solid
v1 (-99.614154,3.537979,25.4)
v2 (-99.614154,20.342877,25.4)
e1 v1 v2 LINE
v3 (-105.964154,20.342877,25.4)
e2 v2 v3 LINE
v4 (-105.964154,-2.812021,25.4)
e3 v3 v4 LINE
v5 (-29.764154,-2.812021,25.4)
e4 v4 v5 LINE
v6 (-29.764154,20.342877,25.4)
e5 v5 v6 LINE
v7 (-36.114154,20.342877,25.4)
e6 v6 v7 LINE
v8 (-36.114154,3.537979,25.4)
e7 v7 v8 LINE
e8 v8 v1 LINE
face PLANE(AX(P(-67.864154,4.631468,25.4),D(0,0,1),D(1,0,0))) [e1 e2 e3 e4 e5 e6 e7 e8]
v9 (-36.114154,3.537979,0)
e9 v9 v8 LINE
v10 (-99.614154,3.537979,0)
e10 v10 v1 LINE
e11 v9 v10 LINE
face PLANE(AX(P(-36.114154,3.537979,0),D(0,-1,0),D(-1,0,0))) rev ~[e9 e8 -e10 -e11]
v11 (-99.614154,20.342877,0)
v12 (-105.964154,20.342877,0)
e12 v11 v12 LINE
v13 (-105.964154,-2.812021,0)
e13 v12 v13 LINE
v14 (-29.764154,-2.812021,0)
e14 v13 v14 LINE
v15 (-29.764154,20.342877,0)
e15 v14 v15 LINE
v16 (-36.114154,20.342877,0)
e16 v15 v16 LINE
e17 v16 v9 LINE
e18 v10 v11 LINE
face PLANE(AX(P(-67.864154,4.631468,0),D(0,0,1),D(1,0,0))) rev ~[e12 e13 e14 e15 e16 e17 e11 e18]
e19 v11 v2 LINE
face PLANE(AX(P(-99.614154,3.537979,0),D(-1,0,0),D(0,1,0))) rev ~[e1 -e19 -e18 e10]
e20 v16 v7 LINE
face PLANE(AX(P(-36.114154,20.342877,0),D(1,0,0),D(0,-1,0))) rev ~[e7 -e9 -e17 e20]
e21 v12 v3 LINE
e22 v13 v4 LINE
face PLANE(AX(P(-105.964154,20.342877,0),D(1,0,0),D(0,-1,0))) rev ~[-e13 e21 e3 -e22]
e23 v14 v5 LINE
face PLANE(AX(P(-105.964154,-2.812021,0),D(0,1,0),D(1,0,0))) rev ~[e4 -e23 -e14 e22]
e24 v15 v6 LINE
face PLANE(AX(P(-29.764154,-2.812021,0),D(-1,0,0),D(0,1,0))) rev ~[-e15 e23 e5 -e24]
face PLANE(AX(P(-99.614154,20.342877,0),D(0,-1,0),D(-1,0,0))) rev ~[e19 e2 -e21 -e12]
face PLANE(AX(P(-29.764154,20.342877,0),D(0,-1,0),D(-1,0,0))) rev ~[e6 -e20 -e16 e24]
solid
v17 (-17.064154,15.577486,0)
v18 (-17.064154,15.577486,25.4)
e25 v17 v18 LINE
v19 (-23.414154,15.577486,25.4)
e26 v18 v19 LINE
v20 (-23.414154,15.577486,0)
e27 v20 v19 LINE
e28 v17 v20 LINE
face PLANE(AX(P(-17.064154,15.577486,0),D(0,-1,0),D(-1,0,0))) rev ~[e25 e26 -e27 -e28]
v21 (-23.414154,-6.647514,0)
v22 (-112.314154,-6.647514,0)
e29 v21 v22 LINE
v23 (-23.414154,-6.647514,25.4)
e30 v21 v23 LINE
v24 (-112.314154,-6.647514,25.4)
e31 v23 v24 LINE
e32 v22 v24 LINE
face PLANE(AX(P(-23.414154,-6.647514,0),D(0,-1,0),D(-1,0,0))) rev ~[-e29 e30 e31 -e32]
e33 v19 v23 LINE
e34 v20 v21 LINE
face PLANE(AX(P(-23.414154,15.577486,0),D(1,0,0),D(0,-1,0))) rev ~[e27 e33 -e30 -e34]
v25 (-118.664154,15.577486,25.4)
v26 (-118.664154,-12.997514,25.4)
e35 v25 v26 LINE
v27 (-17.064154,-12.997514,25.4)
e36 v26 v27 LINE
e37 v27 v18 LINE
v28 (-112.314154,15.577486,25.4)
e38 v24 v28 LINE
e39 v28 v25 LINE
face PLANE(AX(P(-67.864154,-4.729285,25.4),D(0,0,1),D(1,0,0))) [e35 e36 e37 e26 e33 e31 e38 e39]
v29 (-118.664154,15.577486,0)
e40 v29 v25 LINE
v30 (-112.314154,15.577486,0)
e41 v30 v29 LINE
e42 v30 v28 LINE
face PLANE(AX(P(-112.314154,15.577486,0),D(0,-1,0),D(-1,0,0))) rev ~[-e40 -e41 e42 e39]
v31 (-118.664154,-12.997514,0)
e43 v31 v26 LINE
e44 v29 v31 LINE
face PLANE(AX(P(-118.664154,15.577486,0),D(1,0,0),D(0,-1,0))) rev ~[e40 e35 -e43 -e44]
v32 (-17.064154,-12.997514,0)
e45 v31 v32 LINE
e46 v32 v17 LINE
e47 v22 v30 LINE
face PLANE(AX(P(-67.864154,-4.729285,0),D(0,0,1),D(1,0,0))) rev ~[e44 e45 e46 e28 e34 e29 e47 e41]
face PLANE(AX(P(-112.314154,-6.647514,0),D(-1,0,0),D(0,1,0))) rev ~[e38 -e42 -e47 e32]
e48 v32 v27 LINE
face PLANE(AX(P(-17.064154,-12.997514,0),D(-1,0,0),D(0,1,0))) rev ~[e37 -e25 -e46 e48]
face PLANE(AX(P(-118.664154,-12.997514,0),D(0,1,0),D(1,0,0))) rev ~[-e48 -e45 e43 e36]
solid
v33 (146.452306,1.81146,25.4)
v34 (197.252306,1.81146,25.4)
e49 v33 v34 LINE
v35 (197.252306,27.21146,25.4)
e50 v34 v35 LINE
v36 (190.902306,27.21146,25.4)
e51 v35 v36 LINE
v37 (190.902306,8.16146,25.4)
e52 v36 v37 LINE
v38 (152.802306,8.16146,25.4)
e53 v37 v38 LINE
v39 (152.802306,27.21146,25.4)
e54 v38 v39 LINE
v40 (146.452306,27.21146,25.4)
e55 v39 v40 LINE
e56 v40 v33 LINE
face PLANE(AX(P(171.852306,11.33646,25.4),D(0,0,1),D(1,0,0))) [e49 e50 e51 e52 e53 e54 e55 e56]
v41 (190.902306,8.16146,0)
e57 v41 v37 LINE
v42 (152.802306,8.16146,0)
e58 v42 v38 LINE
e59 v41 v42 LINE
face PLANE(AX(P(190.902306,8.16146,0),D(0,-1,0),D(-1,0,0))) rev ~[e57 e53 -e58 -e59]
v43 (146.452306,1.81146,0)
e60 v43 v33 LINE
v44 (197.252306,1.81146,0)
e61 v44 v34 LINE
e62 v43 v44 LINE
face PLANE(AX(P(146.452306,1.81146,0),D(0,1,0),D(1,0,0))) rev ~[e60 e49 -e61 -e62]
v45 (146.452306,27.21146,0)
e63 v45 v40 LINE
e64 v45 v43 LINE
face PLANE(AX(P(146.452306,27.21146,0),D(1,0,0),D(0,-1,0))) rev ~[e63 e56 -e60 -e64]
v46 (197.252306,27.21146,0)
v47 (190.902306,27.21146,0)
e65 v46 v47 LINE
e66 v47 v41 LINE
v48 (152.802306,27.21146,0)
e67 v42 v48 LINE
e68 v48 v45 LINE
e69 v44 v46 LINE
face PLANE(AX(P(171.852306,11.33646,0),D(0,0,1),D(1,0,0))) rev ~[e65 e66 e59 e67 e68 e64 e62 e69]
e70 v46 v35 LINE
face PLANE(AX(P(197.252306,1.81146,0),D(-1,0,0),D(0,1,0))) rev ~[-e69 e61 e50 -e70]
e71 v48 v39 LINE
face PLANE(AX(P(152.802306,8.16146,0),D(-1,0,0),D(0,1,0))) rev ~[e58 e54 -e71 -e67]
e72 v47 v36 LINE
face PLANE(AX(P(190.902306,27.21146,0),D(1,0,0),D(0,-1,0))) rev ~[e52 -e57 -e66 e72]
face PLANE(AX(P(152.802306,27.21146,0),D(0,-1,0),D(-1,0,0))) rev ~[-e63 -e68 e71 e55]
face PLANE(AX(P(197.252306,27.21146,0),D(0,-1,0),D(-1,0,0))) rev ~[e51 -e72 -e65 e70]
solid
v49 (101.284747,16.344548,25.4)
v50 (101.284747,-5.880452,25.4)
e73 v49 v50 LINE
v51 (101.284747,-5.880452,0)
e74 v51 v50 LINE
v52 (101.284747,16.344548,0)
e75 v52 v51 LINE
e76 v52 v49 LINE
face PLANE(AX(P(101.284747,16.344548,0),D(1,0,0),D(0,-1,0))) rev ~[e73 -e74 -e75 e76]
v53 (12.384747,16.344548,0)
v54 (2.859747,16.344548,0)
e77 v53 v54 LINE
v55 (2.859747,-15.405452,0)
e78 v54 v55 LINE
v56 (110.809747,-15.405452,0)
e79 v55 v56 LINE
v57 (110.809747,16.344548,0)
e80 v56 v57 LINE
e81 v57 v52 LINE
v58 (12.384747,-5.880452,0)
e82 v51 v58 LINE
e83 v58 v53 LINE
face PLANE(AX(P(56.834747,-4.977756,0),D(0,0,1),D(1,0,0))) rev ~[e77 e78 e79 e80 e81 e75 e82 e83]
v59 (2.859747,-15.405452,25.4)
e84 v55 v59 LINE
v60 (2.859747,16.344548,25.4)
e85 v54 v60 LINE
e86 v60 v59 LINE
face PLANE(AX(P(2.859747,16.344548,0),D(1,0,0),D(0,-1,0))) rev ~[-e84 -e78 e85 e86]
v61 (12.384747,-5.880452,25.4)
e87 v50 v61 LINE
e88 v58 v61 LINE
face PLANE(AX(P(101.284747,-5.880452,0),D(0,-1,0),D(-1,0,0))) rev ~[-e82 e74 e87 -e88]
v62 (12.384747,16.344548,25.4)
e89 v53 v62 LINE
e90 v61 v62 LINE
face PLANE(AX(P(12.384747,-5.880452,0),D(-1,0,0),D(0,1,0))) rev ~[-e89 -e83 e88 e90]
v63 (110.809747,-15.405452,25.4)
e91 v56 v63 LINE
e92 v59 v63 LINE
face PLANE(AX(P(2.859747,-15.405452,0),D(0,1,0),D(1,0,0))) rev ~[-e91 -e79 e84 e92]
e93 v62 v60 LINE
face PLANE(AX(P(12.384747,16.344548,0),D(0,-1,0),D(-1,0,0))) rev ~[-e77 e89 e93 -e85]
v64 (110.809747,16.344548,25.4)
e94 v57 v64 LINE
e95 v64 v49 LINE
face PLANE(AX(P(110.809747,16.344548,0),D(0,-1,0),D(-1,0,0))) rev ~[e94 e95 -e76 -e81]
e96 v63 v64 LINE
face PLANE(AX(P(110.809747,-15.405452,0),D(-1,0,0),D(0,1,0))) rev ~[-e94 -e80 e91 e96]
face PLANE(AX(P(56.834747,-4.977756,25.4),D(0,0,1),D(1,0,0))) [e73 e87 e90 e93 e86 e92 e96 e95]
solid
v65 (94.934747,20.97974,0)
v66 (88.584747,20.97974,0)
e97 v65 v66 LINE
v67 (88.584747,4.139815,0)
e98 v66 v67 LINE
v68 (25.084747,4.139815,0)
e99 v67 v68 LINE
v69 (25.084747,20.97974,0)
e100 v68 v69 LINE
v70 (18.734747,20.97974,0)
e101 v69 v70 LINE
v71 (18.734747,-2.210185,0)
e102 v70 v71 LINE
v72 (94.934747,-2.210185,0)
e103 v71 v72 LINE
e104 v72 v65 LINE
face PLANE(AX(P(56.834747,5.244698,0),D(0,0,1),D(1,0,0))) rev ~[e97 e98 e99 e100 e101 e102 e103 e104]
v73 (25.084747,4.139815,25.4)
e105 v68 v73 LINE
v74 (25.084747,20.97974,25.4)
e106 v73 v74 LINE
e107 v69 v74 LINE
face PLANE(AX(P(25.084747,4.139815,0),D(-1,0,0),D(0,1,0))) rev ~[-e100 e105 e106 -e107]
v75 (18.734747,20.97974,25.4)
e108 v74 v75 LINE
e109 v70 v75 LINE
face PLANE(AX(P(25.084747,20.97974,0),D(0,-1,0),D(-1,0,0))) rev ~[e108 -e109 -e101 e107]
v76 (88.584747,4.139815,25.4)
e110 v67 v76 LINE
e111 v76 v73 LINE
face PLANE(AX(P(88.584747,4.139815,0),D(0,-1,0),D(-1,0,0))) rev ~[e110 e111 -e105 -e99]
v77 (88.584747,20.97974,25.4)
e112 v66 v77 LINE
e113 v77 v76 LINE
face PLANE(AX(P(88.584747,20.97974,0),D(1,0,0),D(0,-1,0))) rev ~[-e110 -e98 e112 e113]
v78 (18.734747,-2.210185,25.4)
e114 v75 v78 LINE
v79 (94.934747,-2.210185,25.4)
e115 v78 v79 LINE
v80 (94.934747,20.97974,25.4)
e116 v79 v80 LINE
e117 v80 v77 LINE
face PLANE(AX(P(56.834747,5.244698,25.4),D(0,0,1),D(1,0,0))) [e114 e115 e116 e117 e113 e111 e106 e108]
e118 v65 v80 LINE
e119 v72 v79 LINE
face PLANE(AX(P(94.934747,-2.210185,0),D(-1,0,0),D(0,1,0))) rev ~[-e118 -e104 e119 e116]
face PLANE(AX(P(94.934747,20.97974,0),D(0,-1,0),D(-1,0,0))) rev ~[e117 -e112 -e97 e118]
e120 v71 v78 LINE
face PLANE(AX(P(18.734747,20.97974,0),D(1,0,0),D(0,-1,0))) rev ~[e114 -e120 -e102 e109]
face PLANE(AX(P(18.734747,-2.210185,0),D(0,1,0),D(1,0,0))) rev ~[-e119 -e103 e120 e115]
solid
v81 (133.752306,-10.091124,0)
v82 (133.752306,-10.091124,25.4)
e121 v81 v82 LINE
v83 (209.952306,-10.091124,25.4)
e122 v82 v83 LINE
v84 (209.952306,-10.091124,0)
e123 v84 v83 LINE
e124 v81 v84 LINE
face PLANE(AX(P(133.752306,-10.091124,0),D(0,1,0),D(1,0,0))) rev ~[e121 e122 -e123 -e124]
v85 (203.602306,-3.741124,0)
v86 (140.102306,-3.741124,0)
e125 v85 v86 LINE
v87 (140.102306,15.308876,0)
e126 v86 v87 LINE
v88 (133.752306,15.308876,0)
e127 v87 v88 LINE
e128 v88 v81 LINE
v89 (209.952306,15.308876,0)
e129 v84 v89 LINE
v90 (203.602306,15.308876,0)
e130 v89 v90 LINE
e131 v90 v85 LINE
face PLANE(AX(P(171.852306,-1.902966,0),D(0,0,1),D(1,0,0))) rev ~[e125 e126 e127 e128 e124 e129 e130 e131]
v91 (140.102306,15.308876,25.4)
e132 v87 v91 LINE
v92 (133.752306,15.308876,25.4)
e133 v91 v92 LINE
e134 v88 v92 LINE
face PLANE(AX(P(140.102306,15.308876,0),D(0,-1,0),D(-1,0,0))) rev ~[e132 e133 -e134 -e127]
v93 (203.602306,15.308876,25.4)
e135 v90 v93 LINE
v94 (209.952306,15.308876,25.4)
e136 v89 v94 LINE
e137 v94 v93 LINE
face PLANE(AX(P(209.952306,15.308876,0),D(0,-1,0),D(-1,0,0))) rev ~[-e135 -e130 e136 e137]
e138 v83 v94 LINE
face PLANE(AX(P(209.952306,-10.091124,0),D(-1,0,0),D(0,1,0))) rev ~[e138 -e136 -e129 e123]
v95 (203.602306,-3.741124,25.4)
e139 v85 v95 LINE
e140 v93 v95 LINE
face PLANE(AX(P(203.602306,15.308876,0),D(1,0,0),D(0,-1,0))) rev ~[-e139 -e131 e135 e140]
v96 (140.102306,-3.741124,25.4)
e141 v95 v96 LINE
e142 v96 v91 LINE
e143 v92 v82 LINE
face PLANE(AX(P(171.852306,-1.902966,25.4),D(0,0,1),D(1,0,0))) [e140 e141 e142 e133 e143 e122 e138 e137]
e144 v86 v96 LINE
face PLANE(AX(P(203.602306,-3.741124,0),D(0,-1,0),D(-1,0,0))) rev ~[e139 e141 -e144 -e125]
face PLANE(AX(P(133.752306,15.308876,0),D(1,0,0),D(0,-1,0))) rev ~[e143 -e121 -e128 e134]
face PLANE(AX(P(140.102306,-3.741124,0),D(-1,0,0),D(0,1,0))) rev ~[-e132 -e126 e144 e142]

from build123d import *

# Parameters (mm, degrees)
F1_DEPTH = 25.4
F3_DEPTH = 25.4
F5_DEPTH = 25.4


with BuildPart() as f1:
    # F0 (on Top) → F1 (new body)
    with BuildSketch(Plane.XY):
        Polygon((-118.664154, 15.577486), (-118.664154, -12.997514), (-17.064154, -12.997514), (-17.064154, 15.577486), (-23.414154, 15.577486), (-23.414154, -6.647514), (-112.314154, -6.647514), (-112.314154, 15.577486), align=None)
        Polygon((-99.614154, 20.342877), (-105.964154, 20.342877), (-105.964154, -2.812021), (-29.764154, -2.812021), (-29.764154, 20.342877), (-36.114154, 20.342877), (-36.114154, 3.537979), (-99.614154, 3.537979), align=None)
    extrude(amount=F1_DEPTH)


with BuildPart() as f3:
    # F2 (on Top) → F3 (new body)
    with BuildSketch(Plane.XY):
        Polygon((12.384747, 16.344548), (2.859747, 16.344548), (2.859747, -15.405452), (110.809747, -15.405452), (110.809747, 16.344548), (101.284747, 16.344548), (101.284747, -5.880452), (12.384747, -5.880452), align=None)
        Polygon((25.084747, 20.97974), (18.734747, 20.97974), (18.734747, -2.210185), (94.934747, -2.210185), (94.934747, 20.97974), (88.584747, 20.97974), (88.584747, 4.139815), (25.084747, 4.139815), align=None)
    extrude(amount=F3_DEPTH)


with BuildPart() as f5:
    # F4 (on Top) → F5 (new body)
    with BuildSketch(Plane.XY):
        Polygon((140.102306, 15.308876), (133.752306, 15.308876), (133.752306, -10.091124), (209.952306, -10.091124), (209.952306, 15.308876), (203.602306, 15.308876), (203.602306, -3.741124), (140.102306, -3.741124), align=None)
        Polygon((152.802306, 27.21146), (146.452306, 27.21146), (146.452306, 1.81146), (197.252306, 1.81146), (197.252306, 27.21146), (190.902306, 27.21146), (190.902306, 8.16146), (152.802306, 8.16146), align=None)
    extrude(amount=F5_DEPTH)


solid = Compound([f1.part, f3.part, f5.part])
